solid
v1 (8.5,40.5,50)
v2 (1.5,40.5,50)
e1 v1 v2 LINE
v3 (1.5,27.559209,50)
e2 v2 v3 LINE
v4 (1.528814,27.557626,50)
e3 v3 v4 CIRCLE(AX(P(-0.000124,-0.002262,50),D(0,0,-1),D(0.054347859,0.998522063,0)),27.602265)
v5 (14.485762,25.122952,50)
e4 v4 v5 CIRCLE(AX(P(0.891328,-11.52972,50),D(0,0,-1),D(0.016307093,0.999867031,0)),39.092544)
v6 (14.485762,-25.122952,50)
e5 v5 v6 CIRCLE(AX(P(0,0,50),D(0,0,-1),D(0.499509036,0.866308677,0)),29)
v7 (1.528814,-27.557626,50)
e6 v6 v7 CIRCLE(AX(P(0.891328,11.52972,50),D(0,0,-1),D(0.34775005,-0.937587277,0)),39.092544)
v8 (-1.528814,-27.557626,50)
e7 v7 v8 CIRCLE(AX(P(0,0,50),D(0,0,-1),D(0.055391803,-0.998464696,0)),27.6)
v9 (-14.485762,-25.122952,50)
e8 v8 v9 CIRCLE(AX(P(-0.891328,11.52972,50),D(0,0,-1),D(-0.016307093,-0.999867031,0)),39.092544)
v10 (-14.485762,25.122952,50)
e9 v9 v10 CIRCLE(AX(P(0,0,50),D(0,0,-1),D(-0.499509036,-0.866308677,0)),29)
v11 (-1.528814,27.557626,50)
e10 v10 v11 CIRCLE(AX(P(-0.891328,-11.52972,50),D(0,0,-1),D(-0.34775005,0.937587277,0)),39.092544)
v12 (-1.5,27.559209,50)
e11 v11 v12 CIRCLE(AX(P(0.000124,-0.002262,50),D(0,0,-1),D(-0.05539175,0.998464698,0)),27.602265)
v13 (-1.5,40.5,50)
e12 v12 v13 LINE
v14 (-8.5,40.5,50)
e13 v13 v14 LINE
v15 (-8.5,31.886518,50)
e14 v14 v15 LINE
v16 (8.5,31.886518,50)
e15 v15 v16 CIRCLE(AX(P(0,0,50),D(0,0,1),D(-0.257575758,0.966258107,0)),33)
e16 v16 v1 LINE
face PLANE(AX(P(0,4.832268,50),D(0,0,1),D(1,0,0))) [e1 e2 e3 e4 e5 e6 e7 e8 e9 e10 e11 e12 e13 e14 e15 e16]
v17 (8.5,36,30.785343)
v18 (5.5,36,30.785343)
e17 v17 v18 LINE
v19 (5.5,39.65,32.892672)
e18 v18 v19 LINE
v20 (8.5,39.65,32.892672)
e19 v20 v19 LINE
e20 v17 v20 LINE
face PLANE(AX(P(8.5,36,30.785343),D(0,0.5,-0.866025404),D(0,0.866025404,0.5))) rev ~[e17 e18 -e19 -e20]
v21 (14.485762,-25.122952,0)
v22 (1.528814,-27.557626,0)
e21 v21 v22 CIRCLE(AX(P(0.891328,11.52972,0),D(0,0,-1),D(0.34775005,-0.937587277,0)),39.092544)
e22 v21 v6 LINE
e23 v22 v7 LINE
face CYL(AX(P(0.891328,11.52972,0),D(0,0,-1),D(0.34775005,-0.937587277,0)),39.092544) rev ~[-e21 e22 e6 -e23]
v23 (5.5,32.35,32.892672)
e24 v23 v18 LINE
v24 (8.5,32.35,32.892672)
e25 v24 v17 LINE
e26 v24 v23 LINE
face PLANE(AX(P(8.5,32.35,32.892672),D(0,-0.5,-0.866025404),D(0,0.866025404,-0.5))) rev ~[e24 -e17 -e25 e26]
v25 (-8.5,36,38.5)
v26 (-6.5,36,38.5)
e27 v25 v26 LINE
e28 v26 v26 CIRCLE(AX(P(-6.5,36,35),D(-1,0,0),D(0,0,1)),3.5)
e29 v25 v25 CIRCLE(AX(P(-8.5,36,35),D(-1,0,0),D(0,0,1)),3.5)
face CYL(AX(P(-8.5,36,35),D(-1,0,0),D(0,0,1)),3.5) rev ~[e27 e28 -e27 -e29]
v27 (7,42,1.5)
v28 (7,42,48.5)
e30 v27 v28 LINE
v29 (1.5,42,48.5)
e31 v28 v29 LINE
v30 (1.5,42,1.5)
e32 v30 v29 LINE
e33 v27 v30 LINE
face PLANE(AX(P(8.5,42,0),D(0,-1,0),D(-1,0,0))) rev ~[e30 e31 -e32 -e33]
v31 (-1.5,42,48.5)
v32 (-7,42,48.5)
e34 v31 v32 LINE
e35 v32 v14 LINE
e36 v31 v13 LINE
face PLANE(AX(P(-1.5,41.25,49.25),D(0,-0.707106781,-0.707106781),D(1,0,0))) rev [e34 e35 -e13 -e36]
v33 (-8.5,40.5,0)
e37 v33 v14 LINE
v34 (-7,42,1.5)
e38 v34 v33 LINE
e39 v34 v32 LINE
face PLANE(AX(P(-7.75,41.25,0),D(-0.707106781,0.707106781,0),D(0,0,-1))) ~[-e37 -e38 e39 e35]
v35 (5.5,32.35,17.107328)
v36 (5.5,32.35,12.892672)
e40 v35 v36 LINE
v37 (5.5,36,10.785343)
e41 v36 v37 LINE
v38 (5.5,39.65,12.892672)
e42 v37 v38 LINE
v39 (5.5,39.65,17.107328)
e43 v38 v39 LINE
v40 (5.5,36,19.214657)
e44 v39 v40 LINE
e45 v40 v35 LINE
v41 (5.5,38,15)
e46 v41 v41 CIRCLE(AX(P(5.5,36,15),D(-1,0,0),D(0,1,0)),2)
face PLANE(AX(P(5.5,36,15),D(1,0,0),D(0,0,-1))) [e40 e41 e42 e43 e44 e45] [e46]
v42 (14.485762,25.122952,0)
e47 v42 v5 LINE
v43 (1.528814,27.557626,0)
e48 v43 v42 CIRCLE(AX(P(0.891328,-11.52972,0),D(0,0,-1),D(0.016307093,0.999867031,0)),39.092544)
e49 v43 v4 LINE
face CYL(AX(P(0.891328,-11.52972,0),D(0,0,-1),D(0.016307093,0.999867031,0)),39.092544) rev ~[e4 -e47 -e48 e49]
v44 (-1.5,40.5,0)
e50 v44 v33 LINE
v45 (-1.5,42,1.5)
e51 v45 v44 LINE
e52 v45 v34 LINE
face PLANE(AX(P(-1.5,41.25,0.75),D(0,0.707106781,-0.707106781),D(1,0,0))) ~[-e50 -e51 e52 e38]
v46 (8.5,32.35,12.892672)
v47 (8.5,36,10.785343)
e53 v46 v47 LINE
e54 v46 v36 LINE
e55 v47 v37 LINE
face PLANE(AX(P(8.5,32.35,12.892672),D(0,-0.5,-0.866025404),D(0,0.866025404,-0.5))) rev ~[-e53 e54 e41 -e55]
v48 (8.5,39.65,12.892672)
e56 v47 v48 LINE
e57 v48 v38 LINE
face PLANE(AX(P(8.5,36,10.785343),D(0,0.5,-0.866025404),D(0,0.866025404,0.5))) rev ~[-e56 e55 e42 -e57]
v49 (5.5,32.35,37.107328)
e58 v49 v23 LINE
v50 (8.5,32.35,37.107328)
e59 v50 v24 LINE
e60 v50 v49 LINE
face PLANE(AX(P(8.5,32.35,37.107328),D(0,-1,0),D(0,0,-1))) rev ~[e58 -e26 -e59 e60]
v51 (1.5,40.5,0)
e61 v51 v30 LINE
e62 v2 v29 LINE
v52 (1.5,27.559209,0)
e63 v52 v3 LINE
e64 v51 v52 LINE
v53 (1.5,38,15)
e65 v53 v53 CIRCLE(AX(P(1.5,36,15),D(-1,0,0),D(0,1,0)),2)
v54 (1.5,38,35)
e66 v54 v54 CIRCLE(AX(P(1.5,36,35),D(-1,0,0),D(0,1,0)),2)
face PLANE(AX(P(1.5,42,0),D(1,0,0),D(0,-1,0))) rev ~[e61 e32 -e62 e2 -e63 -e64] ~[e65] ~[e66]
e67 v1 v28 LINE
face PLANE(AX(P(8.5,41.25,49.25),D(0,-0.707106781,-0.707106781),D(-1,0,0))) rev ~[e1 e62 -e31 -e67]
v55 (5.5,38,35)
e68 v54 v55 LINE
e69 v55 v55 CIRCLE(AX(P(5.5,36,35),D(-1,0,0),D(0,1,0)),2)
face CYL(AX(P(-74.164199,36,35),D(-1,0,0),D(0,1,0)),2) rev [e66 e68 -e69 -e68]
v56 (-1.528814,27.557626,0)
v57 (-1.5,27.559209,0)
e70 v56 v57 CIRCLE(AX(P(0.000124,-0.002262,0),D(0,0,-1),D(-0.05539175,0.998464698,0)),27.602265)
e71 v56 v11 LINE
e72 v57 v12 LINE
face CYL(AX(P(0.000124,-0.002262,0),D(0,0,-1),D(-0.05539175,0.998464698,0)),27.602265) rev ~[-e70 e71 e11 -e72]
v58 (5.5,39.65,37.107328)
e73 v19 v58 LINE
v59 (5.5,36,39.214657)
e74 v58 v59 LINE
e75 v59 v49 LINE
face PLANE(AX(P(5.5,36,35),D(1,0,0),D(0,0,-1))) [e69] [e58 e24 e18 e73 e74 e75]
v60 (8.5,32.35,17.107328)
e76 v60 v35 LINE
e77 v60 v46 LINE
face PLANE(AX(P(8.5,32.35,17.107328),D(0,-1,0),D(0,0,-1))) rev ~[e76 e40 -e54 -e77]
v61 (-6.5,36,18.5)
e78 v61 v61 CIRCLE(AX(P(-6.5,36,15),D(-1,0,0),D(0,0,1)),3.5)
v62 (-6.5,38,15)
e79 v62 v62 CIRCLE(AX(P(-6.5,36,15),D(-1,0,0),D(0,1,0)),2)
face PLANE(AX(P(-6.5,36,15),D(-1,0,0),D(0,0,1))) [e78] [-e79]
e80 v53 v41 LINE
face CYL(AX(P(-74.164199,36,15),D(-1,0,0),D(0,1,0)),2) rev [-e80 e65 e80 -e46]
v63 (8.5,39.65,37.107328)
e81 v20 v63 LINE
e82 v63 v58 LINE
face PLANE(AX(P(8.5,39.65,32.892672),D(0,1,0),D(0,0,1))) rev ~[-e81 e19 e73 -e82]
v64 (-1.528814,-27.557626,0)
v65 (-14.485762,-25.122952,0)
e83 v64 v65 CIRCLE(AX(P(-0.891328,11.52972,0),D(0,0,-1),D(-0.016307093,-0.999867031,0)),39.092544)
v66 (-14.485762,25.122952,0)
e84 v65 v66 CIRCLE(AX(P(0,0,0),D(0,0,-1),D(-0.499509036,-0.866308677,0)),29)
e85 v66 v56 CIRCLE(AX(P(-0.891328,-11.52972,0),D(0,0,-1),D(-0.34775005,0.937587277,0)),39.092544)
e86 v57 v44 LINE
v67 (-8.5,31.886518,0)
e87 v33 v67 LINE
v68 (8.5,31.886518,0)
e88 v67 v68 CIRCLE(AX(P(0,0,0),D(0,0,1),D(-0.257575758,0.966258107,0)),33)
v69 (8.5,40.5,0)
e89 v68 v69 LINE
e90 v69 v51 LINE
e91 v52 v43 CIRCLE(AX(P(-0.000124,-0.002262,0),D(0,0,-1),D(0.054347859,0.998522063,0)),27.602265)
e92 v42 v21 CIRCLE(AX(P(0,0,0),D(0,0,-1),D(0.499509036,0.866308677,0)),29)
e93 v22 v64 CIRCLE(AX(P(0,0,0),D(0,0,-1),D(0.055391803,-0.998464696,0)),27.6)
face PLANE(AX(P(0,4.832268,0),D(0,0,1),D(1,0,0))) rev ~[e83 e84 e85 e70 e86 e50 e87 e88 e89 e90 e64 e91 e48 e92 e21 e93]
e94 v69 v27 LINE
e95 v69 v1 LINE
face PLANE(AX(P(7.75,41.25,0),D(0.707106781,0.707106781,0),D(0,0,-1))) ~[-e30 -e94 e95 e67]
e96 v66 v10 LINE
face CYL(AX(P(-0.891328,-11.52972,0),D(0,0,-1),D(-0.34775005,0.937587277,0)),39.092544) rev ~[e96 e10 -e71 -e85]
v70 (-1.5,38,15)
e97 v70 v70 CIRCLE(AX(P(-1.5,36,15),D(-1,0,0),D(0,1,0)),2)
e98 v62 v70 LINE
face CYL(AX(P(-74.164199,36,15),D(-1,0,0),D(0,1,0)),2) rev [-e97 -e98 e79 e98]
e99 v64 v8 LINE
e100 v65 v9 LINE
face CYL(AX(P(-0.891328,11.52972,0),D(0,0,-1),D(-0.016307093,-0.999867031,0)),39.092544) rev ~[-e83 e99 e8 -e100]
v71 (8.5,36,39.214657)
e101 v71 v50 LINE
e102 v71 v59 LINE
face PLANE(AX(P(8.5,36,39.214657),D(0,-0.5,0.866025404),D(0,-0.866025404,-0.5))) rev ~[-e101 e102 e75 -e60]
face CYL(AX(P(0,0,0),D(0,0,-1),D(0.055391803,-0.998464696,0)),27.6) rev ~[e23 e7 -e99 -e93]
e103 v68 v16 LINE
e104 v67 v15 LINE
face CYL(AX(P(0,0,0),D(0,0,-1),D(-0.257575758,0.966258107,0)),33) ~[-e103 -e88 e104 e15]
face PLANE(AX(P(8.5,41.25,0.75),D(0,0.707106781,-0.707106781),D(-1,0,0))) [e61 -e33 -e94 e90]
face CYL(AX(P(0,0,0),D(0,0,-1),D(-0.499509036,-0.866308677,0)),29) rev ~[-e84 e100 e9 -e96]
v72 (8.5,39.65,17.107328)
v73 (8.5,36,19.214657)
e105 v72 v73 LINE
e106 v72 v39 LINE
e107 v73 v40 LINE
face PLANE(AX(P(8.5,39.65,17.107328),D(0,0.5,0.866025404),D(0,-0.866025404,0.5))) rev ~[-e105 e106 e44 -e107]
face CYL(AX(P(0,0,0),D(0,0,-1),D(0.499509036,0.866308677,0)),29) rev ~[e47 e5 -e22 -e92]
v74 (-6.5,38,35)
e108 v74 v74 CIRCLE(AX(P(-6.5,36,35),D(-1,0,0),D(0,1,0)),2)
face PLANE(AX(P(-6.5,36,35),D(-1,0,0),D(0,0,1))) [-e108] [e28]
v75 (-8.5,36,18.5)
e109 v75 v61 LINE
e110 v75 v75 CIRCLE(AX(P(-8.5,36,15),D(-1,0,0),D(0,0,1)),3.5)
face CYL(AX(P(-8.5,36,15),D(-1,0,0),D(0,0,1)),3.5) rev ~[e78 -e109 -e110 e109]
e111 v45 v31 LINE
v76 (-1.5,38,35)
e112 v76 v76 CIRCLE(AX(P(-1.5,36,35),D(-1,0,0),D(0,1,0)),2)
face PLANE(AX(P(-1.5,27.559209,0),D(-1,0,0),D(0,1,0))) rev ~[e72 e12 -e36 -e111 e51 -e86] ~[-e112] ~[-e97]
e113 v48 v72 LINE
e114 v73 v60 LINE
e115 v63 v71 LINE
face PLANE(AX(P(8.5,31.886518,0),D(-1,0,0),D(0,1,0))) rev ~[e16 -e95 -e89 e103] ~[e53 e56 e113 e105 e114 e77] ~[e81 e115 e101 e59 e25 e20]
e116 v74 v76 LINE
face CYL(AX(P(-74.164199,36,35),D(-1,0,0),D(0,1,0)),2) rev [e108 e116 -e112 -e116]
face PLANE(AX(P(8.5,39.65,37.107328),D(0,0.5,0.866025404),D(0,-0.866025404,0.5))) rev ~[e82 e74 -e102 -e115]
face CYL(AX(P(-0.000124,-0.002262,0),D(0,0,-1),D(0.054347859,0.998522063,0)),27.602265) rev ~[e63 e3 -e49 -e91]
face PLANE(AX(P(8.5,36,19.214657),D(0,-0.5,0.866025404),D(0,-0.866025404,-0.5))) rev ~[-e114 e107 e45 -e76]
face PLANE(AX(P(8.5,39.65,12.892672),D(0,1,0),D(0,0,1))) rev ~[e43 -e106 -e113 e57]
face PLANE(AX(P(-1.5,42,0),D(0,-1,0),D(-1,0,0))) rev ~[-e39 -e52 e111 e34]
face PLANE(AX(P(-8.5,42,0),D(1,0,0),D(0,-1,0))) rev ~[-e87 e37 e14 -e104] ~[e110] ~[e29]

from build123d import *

# Parameters (mm, degrees)
EXTRUDE_1_DEPTH          = 50
CUT_EXTRUDE_1_DEPTH      = 74.164198895
CUT_EXTRUDE_1_DEPTH_BACK = 74.164198895
SKETCH_2_R               = 2
SKETCH_3_R               = 3.5
CUT_EXTRUDE_2_DEPTH      = 2
CHAMFER_1_SIZE           = 1.5
CUT_EXTRUDE_3_DEPTH      = 3


with BuildPart() as part:
    # 스케치1 → 보스-돌출1 (new body)
    with BuildSketch(Plane.XY):
        with BuildLine():
            Line((-1.5, 32.465366161), (-1.5, 42))
            Line((-1.5, 42), (-8.5, 42))
            Line((-8.5, 42), (-8.5, 31.886517527))
            ThreePointArc((-8.5, 31.886517527), (0, -33), (8.5, 31.886517527))
            Line((8.5, 31.886517527), (8.5, 42))
            Line((8.5, 42), (1.5, 42))
            Line((1.5, 42), (1.5, 32.465366161))
            Line((1.5, 32.465366161), (1.5, 27.559208987))
            ThreePointArc((1.5, 27.559208987), (1.514407087, 27.558421057), (1.528813761, 27.557625596))
            ThreePointArc((1.528813761, 27.557625596), (8.110662779, 26.890433295), (14.48576204, 25.122951621))
            ThreePointArc((14.48576204, 25.122951621), (29, 0), (14.48576204, -25.122951621))
            ThreePointArc((14.48576204, -25.122951621), (8.110662779, -26.890433295), (1.528813761, -27.557625596))
            ThreePointArc((1.528813761, -27.557625596), (0, -27.6), (-1.528813761, -27.557625596))
            ThreePointArc((-1.528813761, -27.557625596), (-8.110662779, -26.890433295), (-14.48576204, -25.122951621))
            ThreePointArc((-14.48576204, -25.122951621), (-29, 0), (-14.48576204, 25.122951621))
            ThreePointArc((-14.48576204, 25.122951621), (-8.110662779, 26.890433295), (-1.528813761, 27.557625596))
            ThreePointArc((-1.528813761, 27.557625596), (-1.514407087, 27.558421057), (-1.5, 27.559208987))
            Line((-1.5, 27.559208987), (-1.5, 32.465366161))
        make_face()
    extrude(amount=EXTRUDE_1_DEPTH)

    # 스케치2 → 컷-돌출1 (cut, two sides: drawn at the far end of the back side and taken through both)
    with BuildSketch(Plane(origin=(0, 0, 0), x_dir=(0, 0, -1), z_dir=(1, 0, 0)).offset(-CUT_EXTRUDE_1_DEPTH_BACK)):
        with Locations(Location((-35, 36, 0), (0, 0, 90))):
            Circle(SKETCH_2_R)
        with Locations(Location((-15, 36, 0), (0, 0, 90))):
            Circle(SKETCH_2_R)
    extrude(amount=CUT_EXTRUDE_1_DEPTH + CUT_EXTRUDE_1_DEPTH_BACK, mode=Mode.SUBTRACT)

    # 스케치3 → 컷-돌출2 (cut)
    with BuildSketch(Plane.ZY.offset(8.5)):
        with Locations((15, 36)):
            Circle(SKETCH_3_R)
        with Locations((35, 36)):
            Circle(SKETCH_3_R)
    extrude(amount=-CUT_EXTRUDE_2_DEPTH, mode=Mode.SUBTRACT)

    # 모따기1
    chamfer_1_edges = [part.edges().sort_by_distance(p)[0] for p in [
        (-5, 42, 50),
        (5, 42, 0),
        (-5, 42, 0),
        (5, 42, 50),
        (8.5, 42, 25),
        (-8.5, 42, 25),
    ]]
    chamfer(chamfer_1_edges, length=CHAMFER_1_SIZE)

    # 스케치4 → 컷-돌출3 (cut)
    with BuildSketch(Plane(origin=(8.5, 0, 0), x_dir=(0, 0, -1), z_dir=(1, 0, 0))):
        Polygon((-30.785343035, 36), (-32.892671517, 39.65), (-37.107328483, 39.65), (-39.214656965, 36), (-37.107328483, 32.35), (-32.892671517, 32.35), align=None)
        Polygon((-10.785343035, 36), (-12.892671517, 39.65), (-17.107328483, 39.65), (-19.214656965, 36), (-17.107328483, 32.35), (-12.892671517, 32.35), align=None)
    extrude(amount=-CUT_EXTRUDE_3_DEPTH, mode=Mode.SUBTRACT)


solid = part.part
